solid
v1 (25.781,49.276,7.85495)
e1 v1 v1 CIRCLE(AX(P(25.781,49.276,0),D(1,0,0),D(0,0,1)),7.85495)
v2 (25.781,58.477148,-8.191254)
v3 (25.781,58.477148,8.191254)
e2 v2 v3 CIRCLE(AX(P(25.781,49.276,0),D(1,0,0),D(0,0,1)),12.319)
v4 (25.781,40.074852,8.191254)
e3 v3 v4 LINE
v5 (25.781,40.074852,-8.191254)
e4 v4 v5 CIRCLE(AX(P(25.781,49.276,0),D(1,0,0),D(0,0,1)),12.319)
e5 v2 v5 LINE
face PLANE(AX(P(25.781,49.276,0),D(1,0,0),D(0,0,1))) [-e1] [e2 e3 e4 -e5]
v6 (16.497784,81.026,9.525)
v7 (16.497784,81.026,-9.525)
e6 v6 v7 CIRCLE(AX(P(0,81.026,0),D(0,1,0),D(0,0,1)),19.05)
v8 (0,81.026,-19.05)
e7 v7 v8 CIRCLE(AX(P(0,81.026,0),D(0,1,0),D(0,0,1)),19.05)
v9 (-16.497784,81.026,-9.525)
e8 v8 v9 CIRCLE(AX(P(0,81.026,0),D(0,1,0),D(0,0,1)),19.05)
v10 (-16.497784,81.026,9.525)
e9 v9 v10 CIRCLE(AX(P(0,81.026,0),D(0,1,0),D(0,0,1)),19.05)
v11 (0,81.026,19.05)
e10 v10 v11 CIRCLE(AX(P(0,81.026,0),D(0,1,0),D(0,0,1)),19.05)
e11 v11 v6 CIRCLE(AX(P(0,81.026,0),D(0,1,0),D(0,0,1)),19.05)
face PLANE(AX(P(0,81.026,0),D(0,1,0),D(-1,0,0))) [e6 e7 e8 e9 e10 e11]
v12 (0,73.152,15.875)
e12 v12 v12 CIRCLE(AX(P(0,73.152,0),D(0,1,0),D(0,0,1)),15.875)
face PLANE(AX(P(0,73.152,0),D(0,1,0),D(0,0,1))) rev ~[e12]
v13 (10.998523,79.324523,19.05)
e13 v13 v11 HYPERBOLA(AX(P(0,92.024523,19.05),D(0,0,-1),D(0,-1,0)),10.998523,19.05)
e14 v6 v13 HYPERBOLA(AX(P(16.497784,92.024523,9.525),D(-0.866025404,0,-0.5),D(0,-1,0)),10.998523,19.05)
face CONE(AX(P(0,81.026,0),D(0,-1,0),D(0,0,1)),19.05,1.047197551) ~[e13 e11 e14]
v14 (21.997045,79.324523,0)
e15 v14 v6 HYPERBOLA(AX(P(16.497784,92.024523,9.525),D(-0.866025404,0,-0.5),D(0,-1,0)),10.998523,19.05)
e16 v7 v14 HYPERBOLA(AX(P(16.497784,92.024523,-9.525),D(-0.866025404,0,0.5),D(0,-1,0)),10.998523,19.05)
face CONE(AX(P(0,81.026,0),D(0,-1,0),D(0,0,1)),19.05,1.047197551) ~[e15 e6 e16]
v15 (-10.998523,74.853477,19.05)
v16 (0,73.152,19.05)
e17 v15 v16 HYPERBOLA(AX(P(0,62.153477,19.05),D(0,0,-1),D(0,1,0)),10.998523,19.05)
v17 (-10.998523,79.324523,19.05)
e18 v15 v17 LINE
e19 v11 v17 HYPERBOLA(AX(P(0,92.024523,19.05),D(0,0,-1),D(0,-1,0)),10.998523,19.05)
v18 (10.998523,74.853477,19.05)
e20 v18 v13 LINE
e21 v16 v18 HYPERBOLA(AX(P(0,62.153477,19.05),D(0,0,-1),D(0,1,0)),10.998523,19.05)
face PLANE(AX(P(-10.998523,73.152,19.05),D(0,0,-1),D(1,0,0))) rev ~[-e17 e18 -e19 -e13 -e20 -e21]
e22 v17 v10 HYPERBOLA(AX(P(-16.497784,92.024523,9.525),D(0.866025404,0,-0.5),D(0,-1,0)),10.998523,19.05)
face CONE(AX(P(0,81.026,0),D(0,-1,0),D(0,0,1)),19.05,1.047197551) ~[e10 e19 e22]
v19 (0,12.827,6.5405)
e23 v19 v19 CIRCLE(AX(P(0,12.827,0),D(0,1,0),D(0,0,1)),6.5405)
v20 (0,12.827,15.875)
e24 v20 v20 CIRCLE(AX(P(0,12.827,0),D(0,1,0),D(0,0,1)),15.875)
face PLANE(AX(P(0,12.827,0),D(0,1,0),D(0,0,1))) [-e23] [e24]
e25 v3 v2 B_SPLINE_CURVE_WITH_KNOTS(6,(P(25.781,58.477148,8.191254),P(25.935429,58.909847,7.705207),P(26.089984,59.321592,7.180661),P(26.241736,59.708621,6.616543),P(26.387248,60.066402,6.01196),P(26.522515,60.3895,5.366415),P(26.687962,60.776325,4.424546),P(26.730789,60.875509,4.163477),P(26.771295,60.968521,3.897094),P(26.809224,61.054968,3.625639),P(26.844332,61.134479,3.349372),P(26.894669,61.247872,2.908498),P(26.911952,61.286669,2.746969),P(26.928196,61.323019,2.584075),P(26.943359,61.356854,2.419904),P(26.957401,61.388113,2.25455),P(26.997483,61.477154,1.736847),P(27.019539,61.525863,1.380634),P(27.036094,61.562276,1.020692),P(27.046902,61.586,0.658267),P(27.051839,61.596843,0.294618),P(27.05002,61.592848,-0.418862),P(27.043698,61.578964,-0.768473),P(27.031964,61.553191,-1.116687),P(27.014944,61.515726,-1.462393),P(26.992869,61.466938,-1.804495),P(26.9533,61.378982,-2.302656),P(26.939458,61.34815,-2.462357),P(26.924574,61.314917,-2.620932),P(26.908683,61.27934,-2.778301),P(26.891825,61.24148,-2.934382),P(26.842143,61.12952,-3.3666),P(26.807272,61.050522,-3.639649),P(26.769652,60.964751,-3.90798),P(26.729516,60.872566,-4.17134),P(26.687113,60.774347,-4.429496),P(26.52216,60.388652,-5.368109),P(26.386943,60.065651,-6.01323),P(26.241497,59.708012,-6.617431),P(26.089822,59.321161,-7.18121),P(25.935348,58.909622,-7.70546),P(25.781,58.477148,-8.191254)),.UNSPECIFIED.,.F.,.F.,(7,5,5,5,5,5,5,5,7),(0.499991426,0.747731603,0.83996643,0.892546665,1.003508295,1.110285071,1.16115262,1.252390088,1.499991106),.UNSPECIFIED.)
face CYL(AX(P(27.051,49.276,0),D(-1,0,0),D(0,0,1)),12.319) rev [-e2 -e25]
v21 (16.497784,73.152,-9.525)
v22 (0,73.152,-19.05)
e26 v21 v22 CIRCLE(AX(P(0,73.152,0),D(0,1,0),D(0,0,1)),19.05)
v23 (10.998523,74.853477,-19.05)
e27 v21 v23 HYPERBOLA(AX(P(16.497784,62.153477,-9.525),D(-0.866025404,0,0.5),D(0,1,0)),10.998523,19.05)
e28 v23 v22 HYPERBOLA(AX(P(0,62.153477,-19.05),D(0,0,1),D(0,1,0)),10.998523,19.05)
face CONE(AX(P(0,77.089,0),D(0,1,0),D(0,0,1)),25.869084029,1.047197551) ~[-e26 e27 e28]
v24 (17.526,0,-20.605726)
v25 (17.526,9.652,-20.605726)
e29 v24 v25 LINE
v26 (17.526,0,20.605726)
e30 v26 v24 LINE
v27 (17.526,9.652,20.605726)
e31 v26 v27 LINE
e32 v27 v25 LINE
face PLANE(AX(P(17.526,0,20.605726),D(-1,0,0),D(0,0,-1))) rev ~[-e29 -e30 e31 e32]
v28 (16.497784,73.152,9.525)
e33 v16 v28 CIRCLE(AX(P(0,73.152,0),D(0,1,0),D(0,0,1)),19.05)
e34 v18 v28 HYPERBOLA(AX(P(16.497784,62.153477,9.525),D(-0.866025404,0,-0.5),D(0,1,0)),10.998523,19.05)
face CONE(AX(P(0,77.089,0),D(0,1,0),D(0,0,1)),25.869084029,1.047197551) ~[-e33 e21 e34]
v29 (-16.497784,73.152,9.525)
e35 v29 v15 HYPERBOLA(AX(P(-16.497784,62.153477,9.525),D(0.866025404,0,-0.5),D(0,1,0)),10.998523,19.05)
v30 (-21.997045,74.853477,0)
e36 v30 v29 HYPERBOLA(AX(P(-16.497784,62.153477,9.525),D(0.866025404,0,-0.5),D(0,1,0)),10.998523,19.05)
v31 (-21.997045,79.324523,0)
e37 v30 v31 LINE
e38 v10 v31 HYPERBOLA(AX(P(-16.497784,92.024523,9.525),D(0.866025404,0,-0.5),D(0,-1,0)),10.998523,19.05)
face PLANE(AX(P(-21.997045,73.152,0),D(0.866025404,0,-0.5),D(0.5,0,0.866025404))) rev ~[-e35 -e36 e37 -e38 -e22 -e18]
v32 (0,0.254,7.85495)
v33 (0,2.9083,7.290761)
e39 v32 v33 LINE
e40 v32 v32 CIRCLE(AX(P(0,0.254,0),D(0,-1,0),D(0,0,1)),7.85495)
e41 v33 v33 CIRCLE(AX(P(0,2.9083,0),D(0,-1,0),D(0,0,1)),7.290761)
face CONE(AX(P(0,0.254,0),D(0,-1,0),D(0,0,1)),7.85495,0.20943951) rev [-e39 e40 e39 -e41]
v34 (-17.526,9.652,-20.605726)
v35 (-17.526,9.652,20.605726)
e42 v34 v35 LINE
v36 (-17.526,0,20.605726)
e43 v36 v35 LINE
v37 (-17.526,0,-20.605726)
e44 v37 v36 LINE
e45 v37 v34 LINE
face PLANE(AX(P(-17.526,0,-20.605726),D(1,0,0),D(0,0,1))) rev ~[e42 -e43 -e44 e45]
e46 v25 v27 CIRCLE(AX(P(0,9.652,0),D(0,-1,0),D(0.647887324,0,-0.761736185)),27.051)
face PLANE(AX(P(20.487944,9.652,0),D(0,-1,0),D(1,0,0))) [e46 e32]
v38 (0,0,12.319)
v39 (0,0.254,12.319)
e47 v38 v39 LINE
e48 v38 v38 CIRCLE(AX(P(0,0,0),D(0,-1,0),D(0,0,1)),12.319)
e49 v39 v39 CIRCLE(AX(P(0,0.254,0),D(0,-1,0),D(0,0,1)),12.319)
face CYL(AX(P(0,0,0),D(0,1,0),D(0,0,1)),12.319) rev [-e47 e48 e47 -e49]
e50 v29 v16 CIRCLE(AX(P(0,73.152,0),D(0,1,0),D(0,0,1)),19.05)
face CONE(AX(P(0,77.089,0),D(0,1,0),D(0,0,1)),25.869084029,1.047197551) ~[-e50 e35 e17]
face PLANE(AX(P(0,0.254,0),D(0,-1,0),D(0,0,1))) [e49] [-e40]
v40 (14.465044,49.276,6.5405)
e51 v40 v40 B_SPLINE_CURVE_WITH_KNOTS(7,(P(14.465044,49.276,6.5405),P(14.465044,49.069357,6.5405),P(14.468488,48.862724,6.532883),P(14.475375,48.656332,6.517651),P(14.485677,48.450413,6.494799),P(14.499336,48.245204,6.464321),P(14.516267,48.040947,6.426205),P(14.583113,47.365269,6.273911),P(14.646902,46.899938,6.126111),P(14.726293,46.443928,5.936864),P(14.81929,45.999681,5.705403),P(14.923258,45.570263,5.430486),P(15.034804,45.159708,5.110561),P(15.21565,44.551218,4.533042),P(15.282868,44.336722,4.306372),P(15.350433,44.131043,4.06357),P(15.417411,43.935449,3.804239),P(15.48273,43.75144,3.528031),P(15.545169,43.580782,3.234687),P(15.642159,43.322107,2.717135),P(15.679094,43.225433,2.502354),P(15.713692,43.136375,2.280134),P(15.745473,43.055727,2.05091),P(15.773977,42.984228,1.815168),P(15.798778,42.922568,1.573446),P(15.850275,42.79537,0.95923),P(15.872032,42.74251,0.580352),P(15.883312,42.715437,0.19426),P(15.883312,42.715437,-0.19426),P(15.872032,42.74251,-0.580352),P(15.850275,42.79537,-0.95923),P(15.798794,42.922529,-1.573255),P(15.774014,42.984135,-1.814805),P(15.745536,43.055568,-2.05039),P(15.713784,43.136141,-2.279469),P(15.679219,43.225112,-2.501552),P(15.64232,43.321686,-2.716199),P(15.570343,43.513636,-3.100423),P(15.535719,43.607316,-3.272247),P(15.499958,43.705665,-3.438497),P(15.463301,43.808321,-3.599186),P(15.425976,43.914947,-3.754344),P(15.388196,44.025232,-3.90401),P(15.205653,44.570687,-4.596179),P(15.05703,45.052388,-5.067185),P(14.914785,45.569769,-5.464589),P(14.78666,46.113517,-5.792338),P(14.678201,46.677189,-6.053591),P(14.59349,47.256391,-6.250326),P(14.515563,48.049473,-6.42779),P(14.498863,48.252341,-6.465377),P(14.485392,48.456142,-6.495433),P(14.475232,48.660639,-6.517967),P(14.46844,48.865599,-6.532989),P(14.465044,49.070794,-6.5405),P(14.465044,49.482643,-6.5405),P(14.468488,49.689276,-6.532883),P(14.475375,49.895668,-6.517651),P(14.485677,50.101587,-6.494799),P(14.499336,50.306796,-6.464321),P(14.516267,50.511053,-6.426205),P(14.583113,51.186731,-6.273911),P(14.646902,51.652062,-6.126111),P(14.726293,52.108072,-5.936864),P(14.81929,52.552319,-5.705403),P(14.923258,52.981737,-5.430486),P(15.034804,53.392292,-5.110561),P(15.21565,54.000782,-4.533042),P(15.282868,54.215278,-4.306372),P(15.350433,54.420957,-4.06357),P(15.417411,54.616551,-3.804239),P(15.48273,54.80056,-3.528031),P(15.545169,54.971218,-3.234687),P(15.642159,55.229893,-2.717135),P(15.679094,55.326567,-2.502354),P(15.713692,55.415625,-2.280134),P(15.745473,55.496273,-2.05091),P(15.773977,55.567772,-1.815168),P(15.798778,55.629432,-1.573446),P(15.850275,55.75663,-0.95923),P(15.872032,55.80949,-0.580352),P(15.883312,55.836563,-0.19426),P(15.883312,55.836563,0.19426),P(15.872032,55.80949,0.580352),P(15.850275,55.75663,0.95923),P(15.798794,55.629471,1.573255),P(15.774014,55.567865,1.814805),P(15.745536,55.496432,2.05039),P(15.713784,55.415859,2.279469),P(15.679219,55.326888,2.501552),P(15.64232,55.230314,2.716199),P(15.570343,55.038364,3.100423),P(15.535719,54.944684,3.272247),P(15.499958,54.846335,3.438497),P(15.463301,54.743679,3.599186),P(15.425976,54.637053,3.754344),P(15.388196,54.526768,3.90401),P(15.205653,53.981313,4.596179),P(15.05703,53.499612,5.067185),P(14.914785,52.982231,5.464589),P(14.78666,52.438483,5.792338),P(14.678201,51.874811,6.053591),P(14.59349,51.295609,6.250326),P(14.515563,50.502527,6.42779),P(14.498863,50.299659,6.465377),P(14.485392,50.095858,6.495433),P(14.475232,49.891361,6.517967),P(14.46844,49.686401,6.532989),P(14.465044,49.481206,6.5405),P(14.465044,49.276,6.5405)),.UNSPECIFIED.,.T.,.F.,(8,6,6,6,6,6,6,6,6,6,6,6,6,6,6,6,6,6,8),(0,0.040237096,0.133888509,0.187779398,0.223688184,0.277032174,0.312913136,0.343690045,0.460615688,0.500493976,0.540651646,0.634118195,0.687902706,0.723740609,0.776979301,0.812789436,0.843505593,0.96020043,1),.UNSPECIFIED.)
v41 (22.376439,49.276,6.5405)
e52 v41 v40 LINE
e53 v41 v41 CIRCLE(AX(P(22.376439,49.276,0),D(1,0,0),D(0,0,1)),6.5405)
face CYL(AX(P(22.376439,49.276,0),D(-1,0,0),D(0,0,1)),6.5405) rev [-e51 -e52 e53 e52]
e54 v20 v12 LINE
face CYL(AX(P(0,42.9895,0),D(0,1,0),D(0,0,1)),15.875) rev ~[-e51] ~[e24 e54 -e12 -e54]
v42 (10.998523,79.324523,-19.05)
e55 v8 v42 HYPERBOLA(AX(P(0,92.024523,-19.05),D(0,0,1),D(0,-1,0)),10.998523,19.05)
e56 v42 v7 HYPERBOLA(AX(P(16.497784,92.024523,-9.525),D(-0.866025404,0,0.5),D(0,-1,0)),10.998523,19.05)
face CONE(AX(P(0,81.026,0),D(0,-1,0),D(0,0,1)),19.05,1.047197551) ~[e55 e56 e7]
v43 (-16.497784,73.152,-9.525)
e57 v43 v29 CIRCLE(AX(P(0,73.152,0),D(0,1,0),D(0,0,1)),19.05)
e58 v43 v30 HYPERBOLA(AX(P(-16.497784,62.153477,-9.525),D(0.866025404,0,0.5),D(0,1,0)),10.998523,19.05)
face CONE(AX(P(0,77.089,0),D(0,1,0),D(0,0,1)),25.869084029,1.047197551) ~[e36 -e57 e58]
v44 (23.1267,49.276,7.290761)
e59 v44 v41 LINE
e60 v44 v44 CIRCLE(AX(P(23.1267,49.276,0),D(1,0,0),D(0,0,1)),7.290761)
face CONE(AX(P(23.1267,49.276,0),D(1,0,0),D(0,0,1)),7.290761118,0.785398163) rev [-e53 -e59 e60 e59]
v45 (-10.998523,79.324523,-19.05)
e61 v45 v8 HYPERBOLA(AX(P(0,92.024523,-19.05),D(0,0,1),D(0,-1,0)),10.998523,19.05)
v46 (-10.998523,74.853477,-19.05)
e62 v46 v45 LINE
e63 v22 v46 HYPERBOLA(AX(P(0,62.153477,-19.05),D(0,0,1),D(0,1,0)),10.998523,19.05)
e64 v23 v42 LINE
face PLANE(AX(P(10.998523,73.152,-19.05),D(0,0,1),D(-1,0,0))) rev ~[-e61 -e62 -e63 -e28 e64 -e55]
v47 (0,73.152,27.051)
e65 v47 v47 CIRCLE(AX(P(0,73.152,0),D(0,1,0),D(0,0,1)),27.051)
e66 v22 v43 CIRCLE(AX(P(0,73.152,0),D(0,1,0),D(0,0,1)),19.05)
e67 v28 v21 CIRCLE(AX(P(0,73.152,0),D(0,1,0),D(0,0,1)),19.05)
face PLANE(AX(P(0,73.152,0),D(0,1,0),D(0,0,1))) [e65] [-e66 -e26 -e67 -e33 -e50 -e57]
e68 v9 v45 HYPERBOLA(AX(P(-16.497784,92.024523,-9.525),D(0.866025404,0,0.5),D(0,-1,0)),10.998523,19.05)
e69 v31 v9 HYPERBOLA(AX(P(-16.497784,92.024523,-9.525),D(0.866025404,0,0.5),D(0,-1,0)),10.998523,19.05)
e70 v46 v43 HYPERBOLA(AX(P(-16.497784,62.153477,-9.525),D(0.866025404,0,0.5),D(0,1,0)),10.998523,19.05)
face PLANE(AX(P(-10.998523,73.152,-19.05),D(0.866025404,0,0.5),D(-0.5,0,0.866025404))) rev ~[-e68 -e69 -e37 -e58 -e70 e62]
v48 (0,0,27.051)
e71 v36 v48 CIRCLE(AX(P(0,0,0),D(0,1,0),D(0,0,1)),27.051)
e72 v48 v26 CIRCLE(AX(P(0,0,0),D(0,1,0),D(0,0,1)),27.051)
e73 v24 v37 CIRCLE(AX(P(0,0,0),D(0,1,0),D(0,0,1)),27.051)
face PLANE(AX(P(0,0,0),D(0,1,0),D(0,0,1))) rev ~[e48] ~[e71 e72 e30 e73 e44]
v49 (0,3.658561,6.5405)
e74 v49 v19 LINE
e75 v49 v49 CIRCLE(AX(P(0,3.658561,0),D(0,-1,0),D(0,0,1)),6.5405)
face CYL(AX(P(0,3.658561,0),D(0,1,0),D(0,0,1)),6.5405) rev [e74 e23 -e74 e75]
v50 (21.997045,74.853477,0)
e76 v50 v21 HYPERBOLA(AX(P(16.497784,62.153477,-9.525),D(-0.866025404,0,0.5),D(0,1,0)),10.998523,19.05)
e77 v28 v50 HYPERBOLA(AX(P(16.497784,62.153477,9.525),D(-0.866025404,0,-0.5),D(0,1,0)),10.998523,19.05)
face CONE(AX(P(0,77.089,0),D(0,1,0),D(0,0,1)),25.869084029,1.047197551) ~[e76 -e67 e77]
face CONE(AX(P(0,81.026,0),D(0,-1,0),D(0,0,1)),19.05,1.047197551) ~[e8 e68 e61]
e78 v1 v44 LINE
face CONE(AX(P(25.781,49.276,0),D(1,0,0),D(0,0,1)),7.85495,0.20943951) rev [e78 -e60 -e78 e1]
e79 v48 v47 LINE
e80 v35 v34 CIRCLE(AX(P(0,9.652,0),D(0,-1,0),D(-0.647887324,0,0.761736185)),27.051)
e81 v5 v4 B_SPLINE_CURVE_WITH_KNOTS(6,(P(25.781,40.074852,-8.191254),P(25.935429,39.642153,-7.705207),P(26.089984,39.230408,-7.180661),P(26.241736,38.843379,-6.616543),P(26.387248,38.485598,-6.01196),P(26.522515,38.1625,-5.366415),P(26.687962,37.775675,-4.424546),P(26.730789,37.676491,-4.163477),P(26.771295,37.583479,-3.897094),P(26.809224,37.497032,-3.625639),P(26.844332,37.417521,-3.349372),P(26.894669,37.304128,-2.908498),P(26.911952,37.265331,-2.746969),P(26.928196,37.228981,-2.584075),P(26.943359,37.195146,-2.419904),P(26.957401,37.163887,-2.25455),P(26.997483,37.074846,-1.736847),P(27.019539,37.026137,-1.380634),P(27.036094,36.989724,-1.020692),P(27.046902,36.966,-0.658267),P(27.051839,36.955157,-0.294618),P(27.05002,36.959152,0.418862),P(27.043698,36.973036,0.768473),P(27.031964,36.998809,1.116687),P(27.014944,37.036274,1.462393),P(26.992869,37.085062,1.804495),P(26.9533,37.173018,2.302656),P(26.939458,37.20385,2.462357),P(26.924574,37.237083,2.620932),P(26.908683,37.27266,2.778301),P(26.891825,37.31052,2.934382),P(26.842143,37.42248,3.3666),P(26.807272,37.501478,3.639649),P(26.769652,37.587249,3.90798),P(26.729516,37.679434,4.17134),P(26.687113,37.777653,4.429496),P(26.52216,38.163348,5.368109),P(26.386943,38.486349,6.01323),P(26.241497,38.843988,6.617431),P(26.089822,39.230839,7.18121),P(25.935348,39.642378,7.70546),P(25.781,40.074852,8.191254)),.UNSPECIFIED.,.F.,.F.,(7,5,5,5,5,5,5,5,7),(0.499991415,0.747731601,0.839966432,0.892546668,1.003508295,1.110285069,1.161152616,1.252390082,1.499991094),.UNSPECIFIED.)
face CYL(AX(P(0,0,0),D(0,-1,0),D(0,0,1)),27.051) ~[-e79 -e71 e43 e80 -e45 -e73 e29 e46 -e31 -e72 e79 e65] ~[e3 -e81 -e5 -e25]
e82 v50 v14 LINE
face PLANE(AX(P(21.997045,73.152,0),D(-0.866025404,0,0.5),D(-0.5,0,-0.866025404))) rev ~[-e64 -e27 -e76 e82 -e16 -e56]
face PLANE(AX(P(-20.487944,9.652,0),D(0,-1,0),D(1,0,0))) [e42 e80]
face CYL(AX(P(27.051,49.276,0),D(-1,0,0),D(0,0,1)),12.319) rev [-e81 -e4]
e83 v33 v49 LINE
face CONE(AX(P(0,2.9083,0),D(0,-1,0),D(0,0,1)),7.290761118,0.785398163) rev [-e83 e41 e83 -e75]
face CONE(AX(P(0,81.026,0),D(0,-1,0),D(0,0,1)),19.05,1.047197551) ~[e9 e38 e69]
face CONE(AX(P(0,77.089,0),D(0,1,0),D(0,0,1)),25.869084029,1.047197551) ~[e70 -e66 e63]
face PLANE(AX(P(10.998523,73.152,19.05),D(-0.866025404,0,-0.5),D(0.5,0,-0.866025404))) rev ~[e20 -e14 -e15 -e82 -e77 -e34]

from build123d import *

# Parameters (mm, degrees)
SKETCH1_R          = 27.051
EXTRUDE1_DEPTH     = 73.152
CUT_EXTRUDE1_DEPTH = 9.652
EXTRUDE2_DEPTH     = 7.874
SKETCH7_W          = 15.875
SKETCH7_H          = 60.325


with BuildPart() as part:
    # Sketch1 → Extrude1 (new body)
    with BuildSketch(Plane(origin=(0, 0, 0), x_dir=(1, 0, 0), z_dir=(0, 1, 0))):
        with Locations(Location((0, 0, 0), (0, 0, 270))):  # turned: the seam where the file's is
            Circle(SKETCH1_R)
    extrude(amount=EXTRUDE1_DEPTH)

    # Sketch2 → Cut-Extrude1 (cut)
    with BuildSketch(Plane.XZ):
        with BuildLine():
            Line((17.526, 20.605725539), (17.526, -20.605725539))
            ThreePointArc((17.526, -20.605725539), (27.051, 0), (17.526, 20.605725539))
        make_face()
        with BuildLine():
            Line((-17.526, -20.605725539), (-17.526, 20.605725539))
            ThreePointArc((-17.526, 20.605725539), (-27.051, 0), (-17.526, -20.605725539))
        make_face()
    extrude(amount=-CUT_EXTRUDE1_DEPTH, mode=Mode.SUBTRACT)

    # S2D0007 → Cut-Revolve1 (revolve, cut)
    with BuildSketch(Plane(origin=(27.051, 49.276, 0), x_dir=(0, -1, 0), z_dir=(0, 0, 1)), mode=Mode.PRIVATE) as cut_revolve1_sk:
        Polygon((0, 0), (12.319, 0), (12.319, -1.27), (7.85495, -1.27), (7.290761118, -3.9243), (6.5405, -4.674561118), (6.5405, -16.7386), (0, -20.668528879), align=None)
    revolve(cut_revolve1_sk.sketch.rotate(Axis((-4.448190263, 49.276, 0), (1, 0, 0)), 270), axis=Axis((-4.448190263, 49.276, 0), (1, 0, 0)), mode=Mode.SUBTRACT)  # turned: the seam where the file's is

    # Sketch4 → Cut-Revolve2 (revolve, cut)
    with BuildSketch(Plane(origin=(0, 0, 0), x_dir=(-1, 0, 0), z_dir=(0, 0, 1)), mode=Mode.PRIVATE) as cut_revolve2_sk:
        Polygon((0, 0), (12.319, 0), (12.319, -0.254), (7.85495, -0.254), (7.290761118, -2.9083), (6.5405, -3.658561118), (6.5405, -15.7226), (0, -19.652528879), align=None)
    revolve(cut_revolve2_sk.sketch.rotate(Axis((0, 25.899297965, 0), (0, -1, 0)), 270), axis=Axis((0, 25.899297965, 0), (0, -1, 0)), mode=Mode.SUBTRACT)  # turned: the seam where the file's is

    # Sketch5 → Extrude2 (add)
    with BuildSketch(Plane(origin=(0, 73.152, 0), x_dir=(-1, 0, 0), z_dir=(0, 1, 0))):
        Polygon((21.997045256, 0), (10.998522628, 19.05), (-10.998522628, 19.05), (-21.997045256, 0), (-10.998522628, -19.05), (10.998522628, -19.05), align=None)
    extrude(amount=EXTRUDE2_DEPTH)

    # Sketch6 → Cut-Revolve3 (revolve, cut)
    with BuildSketch(Plane(origin=(0, 0, 0), x_dir=(0, 0, -1), z_dir=(1, 0, 0)), mode=Mode.PRIVATE) as cut_revolve3_sk:
        Polygon((19.05, 81.026), (25.869084029, 77.089), (19.05, 73.152), (31.75, 73.152), (31.75, 81.026), align=None)
    revolve(cut_revolve3_sk.sketch.rotate(Axis((0, 72.7583, 0), (0, 1, 0)), 180), axis=Axis((0, 72.7583, 0), (0, 1, 0)), mode=Mode.SUBTRACT)  # turned: the seam where the file's is

    # Sketch7 → Cut-Revolve4 (revolve, cut)
    with BuildSketch(Plane.XY, mode=Mode.PRIVATE) as cut_revolve4_sk:
        with Locations((-7.9375, 42.9895)):
            Rectangle(SKETCH7_W, SKETCH7_H)
    revolve(cut_revolve4_sk.sketch.rotate(Axis((0, 0, 0), (0, 1, 0)), 90), axis=Axis((0, 0, 0), (0, 1, 0)), mode=Mode.SUBTRACT)  # turned: the seam where the file's is


solid = part.part
